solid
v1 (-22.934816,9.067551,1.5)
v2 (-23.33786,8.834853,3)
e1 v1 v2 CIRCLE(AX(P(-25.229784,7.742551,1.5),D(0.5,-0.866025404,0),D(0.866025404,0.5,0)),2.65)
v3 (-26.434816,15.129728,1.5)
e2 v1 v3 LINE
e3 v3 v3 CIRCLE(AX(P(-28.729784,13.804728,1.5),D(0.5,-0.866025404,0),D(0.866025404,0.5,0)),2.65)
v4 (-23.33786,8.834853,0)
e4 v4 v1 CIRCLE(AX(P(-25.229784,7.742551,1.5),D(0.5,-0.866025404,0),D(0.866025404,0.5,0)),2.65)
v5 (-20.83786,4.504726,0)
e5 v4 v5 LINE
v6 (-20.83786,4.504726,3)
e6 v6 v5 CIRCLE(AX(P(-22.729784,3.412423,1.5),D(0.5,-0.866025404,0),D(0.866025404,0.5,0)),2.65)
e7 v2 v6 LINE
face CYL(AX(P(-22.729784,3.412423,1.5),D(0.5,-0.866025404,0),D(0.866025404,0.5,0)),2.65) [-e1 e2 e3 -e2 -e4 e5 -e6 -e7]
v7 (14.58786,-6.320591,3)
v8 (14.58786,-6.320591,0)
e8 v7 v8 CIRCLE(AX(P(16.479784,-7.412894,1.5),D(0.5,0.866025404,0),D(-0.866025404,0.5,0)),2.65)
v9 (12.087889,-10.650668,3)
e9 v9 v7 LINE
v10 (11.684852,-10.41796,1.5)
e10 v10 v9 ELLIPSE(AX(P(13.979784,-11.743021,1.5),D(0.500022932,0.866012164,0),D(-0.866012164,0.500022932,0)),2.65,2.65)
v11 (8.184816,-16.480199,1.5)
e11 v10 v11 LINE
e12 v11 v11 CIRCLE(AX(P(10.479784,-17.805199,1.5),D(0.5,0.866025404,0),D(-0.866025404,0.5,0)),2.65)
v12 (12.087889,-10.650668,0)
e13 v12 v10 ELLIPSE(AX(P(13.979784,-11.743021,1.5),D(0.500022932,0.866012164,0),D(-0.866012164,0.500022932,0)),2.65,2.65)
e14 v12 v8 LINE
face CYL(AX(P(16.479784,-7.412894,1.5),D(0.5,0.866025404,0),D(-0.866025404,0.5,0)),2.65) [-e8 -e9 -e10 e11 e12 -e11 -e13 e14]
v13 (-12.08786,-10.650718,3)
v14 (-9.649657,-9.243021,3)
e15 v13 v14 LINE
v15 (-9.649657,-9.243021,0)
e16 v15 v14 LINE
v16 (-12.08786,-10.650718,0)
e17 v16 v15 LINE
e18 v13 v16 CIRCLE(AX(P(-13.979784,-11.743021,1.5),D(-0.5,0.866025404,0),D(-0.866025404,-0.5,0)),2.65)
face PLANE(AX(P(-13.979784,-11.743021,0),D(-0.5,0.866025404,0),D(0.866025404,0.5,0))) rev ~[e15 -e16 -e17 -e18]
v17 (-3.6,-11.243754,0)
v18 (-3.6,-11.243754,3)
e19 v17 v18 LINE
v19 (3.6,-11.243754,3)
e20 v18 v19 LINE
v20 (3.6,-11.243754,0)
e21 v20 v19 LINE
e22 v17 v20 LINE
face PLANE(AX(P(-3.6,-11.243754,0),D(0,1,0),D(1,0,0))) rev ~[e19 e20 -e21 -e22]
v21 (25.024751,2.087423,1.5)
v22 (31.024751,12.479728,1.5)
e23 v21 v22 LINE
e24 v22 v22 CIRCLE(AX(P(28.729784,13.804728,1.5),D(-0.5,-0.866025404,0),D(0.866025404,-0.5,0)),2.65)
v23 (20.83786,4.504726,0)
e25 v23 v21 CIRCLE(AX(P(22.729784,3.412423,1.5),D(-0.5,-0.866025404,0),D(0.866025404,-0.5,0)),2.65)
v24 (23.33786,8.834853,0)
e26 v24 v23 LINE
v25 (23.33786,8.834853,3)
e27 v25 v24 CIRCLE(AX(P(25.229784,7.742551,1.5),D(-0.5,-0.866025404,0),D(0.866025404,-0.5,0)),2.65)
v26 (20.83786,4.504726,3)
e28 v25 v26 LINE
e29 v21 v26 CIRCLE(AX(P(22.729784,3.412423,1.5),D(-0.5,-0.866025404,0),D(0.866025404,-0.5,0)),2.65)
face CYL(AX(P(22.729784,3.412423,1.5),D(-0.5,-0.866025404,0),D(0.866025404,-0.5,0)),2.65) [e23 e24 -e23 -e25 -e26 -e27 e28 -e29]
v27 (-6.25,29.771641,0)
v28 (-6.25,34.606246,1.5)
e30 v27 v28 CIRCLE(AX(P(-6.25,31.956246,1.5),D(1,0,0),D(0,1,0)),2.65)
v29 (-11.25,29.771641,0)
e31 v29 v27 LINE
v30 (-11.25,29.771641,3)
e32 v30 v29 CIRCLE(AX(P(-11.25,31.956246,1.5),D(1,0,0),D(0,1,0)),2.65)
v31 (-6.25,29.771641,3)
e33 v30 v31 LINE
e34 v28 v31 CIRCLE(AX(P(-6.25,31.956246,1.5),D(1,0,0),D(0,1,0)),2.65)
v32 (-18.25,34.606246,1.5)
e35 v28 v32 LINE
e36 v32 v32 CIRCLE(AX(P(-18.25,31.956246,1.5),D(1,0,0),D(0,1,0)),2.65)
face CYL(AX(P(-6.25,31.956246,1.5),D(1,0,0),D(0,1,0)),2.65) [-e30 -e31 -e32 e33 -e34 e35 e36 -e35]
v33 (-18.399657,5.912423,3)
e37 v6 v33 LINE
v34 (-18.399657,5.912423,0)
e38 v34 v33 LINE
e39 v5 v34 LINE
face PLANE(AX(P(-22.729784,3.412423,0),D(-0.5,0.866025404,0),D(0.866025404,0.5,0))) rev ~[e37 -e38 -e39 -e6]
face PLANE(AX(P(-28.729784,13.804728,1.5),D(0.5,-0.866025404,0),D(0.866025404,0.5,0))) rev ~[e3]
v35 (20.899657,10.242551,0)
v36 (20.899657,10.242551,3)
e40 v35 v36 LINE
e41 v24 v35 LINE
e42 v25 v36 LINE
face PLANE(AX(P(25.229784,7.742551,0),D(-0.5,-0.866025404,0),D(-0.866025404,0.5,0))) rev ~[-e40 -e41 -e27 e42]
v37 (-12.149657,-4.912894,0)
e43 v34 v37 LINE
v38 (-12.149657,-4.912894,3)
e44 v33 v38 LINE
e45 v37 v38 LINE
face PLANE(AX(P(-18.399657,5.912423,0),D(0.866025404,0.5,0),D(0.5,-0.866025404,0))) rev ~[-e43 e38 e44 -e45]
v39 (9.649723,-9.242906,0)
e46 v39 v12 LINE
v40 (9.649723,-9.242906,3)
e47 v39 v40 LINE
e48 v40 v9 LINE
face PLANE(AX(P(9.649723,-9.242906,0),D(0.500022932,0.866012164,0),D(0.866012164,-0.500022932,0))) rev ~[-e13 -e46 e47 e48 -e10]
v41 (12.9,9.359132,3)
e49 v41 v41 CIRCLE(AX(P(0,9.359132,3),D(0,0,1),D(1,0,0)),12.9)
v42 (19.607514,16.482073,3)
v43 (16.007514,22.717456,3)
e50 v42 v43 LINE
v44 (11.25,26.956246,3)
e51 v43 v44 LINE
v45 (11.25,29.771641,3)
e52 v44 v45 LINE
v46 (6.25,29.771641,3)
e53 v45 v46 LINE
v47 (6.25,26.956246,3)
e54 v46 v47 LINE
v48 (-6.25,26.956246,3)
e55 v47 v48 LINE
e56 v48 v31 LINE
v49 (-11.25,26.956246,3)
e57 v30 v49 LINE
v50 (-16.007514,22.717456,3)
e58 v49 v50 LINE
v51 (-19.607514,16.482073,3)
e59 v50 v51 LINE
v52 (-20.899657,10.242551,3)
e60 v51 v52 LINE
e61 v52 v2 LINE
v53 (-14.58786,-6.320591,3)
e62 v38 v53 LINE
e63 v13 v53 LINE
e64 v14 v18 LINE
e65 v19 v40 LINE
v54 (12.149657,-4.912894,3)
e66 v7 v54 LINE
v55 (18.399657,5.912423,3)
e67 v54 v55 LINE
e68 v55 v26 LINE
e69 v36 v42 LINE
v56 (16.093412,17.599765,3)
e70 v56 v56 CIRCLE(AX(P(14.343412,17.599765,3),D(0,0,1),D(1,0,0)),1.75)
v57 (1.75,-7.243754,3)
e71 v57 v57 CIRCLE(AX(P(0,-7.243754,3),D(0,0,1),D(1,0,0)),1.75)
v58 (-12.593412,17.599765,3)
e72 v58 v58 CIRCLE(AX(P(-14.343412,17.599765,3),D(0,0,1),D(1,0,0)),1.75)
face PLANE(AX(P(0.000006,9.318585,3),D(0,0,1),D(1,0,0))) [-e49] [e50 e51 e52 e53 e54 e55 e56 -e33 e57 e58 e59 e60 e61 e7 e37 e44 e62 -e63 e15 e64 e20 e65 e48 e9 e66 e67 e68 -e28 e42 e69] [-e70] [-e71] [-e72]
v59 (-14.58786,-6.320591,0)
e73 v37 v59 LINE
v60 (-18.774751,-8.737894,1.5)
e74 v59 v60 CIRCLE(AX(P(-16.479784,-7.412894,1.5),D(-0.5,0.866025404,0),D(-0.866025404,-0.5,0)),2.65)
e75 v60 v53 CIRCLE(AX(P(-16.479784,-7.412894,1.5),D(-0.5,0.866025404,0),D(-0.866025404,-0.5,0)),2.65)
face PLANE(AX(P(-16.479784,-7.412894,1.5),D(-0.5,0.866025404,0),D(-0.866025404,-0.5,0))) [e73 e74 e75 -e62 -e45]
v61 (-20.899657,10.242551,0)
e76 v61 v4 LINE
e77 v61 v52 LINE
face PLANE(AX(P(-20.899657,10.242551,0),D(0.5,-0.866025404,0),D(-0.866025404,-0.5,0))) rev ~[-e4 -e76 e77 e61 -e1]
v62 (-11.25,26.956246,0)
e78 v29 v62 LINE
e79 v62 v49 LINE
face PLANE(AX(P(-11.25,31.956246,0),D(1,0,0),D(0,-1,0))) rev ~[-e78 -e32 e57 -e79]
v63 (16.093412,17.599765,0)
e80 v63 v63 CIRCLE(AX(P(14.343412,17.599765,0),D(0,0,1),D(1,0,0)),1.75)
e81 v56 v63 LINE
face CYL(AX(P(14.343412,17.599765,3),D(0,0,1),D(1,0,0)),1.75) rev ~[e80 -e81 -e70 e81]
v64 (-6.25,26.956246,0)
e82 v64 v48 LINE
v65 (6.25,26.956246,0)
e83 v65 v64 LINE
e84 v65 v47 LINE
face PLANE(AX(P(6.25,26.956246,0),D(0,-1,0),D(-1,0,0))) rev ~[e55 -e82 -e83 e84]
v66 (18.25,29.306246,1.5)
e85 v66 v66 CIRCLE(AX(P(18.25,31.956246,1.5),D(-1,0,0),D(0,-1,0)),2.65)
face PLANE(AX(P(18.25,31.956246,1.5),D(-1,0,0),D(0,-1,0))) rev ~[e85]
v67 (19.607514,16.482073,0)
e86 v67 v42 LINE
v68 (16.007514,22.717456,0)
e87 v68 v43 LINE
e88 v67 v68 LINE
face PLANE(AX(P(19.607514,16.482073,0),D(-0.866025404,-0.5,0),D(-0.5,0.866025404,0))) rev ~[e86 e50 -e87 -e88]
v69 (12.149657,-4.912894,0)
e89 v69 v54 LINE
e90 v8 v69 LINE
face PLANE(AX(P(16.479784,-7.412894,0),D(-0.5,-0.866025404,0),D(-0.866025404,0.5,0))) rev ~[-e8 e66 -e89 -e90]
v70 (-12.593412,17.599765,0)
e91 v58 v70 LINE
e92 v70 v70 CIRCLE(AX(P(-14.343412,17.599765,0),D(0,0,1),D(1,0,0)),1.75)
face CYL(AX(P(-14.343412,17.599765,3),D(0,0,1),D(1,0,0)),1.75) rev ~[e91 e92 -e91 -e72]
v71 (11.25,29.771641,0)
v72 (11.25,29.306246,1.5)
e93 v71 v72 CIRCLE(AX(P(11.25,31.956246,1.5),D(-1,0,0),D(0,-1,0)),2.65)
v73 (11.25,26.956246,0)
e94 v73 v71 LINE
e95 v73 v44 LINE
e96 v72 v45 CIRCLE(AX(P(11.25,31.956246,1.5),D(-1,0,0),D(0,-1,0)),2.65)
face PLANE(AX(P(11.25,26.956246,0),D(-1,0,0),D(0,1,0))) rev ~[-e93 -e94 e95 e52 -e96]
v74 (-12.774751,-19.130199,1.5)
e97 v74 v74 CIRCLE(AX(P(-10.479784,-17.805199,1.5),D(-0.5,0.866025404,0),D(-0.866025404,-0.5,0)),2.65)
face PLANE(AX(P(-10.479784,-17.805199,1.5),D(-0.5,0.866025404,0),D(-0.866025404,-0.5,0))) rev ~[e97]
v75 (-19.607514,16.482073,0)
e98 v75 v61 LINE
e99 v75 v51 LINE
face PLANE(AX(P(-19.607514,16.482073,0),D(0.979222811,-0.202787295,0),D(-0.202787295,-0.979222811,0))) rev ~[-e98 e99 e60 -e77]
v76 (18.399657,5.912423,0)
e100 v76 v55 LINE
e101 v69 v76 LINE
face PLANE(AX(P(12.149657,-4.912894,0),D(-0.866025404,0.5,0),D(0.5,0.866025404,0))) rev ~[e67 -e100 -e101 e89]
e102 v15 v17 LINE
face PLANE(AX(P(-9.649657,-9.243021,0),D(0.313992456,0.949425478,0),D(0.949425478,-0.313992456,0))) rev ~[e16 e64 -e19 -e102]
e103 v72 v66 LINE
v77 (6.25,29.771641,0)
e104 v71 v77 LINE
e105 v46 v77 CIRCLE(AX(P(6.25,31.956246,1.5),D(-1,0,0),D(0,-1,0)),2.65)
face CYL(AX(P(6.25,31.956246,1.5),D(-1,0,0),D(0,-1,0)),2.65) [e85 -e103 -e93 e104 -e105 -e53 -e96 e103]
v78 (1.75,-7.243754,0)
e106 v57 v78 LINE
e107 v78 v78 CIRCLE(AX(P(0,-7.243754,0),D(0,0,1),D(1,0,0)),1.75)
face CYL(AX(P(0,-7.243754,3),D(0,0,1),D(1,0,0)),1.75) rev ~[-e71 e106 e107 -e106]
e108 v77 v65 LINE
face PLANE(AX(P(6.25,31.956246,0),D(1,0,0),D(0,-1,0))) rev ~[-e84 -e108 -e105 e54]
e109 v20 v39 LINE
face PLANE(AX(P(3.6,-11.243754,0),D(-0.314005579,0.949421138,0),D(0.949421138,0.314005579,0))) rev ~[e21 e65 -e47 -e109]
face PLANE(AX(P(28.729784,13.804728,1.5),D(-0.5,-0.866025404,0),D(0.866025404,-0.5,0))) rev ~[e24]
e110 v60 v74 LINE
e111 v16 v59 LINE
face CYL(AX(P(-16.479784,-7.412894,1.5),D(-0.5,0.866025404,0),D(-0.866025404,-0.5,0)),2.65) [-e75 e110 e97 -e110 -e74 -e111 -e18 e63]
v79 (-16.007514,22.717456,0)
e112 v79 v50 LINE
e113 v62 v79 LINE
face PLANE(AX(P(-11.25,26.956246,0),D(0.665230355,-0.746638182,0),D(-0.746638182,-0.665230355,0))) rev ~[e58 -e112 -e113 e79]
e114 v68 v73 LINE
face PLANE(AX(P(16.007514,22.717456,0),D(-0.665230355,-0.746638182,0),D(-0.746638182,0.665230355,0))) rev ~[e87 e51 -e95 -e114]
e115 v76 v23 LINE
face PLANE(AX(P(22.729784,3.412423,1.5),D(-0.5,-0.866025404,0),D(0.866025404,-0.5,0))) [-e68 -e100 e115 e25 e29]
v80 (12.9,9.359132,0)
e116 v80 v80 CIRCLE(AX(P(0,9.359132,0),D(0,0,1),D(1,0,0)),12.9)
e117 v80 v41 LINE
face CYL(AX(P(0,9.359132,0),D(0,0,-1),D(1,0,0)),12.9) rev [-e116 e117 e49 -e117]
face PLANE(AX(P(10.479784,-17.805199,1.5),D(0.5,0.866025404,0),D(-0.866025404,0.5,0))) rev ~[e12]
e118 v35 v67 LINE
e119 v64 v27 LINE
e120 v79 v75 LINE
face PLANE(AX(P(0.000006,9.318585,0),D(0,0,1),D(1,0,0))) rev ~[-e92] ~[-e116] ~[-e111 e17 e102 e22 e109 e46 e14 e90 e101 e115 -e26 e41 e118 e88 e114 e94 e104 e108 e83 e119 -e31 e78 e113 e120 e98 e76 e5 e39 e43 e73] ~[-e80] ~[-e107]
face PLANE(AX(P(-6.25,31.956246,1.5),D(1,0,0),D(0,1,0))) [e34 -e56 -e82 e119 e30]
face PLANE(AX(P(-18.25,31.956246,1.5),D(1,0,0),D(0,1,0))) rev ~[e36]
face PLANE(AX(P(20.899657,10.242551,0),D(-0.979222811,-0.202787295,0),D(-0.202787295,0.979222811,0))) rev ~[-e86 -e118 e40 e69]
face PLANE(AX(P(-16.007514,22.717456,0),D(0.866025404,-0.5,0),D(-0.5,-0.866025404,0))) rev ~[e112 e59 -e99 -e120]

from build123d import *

# Parameters (mm, degrees)
F0_R      = 12.9
F1_DEPTH  = 3
F2_R      = 1.75
F3_DEPTH  = 3.001
F4_R      = 2.65
F5_DEPTH  = 12
F6_R      = 2.65
F7_DEPTH  = 12
F8_R      = 2.65
F9_DEPTH  = 12
F10_R     = 2.65
F11_DEPTH = 12
F12_R     = 2.65
F13_DEPTH = 12
F14_R     = 2.65
F15_DEPTH = 12


with BuildPart() as f1:
    # F0 (on Top) → F1 (new body)
    with BuildSketch(Plane.XY):
        Polygon((16.0075136901, 22.7174561645), (11.25, 26.956246243), (11.25, 31.956246243), (6.25, 31.956246243), (6.25, 26.956246243), (-6.25, 26.956246243), (-6.25, 31.956246243), (-11.25, 31.956246243), (-11.25, 26.956246243), (-16.0075136901, 22.7174561645), (-19.6075136901, 16.4820732572), (-20.8996567344, 10.2425505034), (-25.2297837534, 7.7425505034), (-22.7297837534, 3.4124234845), (-18.3996567344, 5.9124234845), (-12.1496567344, -4.9128940628), (-16.4797837534, -7.4128940628), (-13.9797837534, -11.7430210817), (-9.6496567344, -9.2430210817), (-3.6, -11.243753757), (3.6, -11.243753757), (9.6497229346, -9.2429064231), (13.9797837534, -11.7430210817), (16.4797837534, -7.4128940628), (12.1496567344, -4.9128940628), (18.3996567344, 5.9124234845), (22.7297837534, 3.4124234845), (25.2297837534, 7.7425505034), (20.8996567344, 10.2425505034), (19.6075136901, 16.4820732572), align=None)
        with Locations((0, 9.3591320669)):
            Circle(F0_R, mode=Mode.SUBTRACT)
    extrude(amount=F1_DEPTH)

    # F2 (on face) → F3 (cut, through all)
    with BuildSketch(Plane.XY.offset(3)):
        with Locations((-14.343412075, 17.5997647108)):
            Circle(F2_R)
        with Locations((14.343412075, 17.5997647108)):
            Circle(F2_R)
        with Locations((0, -7.243753757)):
            Circle(F2_R)
    extrude(amount=-F3_DEPTH, mode=Mode.SUBTRACT)

    # F4 (on face) → F5 (join)
    with BuildSketch(Plane(origin=(6.25, 0, 0), x_dir=(0, -1, 0), z_dir=(-1, 0, 0))):
        with Locations((-31.956246243, 1.5)):
            Circle(F4_R)
    extrude(amount=-F5_DEPTH)

    # F6 (on face) → F7 (join)
    with BuildSketch(Plane.YZ.offset(-6.25)):
        with Locations((31.956246243, 1.5)):
            Circle(F6_R)
    extrude(amount=-F7_DEPTH)

    # F8 (on face) → F9 (join)
    with BuildSketch(Plane(origin=(-7.1600686514, 12.4016026898, 0), x_dir=(0.8660254038, 0.5, 0), z_dir=(0.5, -0.8660254038, 0))):
        with Locations((-17.9783584107, 1.5)):
            Circle(F8_R)
    extrude(amount=-F9_DEPTH)

    # F10 (on face) → F11 (join)
    with BuildSketch(Plane(origin=(-0.9100686514, 1.5762851425, 0), x_dir=(-0.8660254038, -0.5, 0), z_dir=(-0.5, 0.8660254038, 0))):
        with Locations((17.9783584107, 1.5)):
            Circle(F10_R)
    extrude(amount=-F11_DEPTH)

    # F12 (on face) → F13 (join)
    with BuildSketch(Plane(origin=(0.9100686514, 1.5762851425, 0), x_dir=(-0.8660254038, 0.5, 0), z_dir=(0.5, 0.8660254038, 0))):
        with Locations((-17.9783584107, 1.5)):
            Circle(F12_R)
    extrude(amount=-F13_DEPTH)

    # F14 (on face) → F15 (join)
    with BuildSketch(Plane(origin=(7.1600686514, 12.4016026898, 0), x_dir=(0.8660254038, -0.5, 0), z_dir=(-0.5, -0.8660254038, 0))):
        with Locations((17.9783584107, 1.5)):
            Circle(F14_R)
    extrude(amount=-F15_DEPTH)


solid = f1.part
